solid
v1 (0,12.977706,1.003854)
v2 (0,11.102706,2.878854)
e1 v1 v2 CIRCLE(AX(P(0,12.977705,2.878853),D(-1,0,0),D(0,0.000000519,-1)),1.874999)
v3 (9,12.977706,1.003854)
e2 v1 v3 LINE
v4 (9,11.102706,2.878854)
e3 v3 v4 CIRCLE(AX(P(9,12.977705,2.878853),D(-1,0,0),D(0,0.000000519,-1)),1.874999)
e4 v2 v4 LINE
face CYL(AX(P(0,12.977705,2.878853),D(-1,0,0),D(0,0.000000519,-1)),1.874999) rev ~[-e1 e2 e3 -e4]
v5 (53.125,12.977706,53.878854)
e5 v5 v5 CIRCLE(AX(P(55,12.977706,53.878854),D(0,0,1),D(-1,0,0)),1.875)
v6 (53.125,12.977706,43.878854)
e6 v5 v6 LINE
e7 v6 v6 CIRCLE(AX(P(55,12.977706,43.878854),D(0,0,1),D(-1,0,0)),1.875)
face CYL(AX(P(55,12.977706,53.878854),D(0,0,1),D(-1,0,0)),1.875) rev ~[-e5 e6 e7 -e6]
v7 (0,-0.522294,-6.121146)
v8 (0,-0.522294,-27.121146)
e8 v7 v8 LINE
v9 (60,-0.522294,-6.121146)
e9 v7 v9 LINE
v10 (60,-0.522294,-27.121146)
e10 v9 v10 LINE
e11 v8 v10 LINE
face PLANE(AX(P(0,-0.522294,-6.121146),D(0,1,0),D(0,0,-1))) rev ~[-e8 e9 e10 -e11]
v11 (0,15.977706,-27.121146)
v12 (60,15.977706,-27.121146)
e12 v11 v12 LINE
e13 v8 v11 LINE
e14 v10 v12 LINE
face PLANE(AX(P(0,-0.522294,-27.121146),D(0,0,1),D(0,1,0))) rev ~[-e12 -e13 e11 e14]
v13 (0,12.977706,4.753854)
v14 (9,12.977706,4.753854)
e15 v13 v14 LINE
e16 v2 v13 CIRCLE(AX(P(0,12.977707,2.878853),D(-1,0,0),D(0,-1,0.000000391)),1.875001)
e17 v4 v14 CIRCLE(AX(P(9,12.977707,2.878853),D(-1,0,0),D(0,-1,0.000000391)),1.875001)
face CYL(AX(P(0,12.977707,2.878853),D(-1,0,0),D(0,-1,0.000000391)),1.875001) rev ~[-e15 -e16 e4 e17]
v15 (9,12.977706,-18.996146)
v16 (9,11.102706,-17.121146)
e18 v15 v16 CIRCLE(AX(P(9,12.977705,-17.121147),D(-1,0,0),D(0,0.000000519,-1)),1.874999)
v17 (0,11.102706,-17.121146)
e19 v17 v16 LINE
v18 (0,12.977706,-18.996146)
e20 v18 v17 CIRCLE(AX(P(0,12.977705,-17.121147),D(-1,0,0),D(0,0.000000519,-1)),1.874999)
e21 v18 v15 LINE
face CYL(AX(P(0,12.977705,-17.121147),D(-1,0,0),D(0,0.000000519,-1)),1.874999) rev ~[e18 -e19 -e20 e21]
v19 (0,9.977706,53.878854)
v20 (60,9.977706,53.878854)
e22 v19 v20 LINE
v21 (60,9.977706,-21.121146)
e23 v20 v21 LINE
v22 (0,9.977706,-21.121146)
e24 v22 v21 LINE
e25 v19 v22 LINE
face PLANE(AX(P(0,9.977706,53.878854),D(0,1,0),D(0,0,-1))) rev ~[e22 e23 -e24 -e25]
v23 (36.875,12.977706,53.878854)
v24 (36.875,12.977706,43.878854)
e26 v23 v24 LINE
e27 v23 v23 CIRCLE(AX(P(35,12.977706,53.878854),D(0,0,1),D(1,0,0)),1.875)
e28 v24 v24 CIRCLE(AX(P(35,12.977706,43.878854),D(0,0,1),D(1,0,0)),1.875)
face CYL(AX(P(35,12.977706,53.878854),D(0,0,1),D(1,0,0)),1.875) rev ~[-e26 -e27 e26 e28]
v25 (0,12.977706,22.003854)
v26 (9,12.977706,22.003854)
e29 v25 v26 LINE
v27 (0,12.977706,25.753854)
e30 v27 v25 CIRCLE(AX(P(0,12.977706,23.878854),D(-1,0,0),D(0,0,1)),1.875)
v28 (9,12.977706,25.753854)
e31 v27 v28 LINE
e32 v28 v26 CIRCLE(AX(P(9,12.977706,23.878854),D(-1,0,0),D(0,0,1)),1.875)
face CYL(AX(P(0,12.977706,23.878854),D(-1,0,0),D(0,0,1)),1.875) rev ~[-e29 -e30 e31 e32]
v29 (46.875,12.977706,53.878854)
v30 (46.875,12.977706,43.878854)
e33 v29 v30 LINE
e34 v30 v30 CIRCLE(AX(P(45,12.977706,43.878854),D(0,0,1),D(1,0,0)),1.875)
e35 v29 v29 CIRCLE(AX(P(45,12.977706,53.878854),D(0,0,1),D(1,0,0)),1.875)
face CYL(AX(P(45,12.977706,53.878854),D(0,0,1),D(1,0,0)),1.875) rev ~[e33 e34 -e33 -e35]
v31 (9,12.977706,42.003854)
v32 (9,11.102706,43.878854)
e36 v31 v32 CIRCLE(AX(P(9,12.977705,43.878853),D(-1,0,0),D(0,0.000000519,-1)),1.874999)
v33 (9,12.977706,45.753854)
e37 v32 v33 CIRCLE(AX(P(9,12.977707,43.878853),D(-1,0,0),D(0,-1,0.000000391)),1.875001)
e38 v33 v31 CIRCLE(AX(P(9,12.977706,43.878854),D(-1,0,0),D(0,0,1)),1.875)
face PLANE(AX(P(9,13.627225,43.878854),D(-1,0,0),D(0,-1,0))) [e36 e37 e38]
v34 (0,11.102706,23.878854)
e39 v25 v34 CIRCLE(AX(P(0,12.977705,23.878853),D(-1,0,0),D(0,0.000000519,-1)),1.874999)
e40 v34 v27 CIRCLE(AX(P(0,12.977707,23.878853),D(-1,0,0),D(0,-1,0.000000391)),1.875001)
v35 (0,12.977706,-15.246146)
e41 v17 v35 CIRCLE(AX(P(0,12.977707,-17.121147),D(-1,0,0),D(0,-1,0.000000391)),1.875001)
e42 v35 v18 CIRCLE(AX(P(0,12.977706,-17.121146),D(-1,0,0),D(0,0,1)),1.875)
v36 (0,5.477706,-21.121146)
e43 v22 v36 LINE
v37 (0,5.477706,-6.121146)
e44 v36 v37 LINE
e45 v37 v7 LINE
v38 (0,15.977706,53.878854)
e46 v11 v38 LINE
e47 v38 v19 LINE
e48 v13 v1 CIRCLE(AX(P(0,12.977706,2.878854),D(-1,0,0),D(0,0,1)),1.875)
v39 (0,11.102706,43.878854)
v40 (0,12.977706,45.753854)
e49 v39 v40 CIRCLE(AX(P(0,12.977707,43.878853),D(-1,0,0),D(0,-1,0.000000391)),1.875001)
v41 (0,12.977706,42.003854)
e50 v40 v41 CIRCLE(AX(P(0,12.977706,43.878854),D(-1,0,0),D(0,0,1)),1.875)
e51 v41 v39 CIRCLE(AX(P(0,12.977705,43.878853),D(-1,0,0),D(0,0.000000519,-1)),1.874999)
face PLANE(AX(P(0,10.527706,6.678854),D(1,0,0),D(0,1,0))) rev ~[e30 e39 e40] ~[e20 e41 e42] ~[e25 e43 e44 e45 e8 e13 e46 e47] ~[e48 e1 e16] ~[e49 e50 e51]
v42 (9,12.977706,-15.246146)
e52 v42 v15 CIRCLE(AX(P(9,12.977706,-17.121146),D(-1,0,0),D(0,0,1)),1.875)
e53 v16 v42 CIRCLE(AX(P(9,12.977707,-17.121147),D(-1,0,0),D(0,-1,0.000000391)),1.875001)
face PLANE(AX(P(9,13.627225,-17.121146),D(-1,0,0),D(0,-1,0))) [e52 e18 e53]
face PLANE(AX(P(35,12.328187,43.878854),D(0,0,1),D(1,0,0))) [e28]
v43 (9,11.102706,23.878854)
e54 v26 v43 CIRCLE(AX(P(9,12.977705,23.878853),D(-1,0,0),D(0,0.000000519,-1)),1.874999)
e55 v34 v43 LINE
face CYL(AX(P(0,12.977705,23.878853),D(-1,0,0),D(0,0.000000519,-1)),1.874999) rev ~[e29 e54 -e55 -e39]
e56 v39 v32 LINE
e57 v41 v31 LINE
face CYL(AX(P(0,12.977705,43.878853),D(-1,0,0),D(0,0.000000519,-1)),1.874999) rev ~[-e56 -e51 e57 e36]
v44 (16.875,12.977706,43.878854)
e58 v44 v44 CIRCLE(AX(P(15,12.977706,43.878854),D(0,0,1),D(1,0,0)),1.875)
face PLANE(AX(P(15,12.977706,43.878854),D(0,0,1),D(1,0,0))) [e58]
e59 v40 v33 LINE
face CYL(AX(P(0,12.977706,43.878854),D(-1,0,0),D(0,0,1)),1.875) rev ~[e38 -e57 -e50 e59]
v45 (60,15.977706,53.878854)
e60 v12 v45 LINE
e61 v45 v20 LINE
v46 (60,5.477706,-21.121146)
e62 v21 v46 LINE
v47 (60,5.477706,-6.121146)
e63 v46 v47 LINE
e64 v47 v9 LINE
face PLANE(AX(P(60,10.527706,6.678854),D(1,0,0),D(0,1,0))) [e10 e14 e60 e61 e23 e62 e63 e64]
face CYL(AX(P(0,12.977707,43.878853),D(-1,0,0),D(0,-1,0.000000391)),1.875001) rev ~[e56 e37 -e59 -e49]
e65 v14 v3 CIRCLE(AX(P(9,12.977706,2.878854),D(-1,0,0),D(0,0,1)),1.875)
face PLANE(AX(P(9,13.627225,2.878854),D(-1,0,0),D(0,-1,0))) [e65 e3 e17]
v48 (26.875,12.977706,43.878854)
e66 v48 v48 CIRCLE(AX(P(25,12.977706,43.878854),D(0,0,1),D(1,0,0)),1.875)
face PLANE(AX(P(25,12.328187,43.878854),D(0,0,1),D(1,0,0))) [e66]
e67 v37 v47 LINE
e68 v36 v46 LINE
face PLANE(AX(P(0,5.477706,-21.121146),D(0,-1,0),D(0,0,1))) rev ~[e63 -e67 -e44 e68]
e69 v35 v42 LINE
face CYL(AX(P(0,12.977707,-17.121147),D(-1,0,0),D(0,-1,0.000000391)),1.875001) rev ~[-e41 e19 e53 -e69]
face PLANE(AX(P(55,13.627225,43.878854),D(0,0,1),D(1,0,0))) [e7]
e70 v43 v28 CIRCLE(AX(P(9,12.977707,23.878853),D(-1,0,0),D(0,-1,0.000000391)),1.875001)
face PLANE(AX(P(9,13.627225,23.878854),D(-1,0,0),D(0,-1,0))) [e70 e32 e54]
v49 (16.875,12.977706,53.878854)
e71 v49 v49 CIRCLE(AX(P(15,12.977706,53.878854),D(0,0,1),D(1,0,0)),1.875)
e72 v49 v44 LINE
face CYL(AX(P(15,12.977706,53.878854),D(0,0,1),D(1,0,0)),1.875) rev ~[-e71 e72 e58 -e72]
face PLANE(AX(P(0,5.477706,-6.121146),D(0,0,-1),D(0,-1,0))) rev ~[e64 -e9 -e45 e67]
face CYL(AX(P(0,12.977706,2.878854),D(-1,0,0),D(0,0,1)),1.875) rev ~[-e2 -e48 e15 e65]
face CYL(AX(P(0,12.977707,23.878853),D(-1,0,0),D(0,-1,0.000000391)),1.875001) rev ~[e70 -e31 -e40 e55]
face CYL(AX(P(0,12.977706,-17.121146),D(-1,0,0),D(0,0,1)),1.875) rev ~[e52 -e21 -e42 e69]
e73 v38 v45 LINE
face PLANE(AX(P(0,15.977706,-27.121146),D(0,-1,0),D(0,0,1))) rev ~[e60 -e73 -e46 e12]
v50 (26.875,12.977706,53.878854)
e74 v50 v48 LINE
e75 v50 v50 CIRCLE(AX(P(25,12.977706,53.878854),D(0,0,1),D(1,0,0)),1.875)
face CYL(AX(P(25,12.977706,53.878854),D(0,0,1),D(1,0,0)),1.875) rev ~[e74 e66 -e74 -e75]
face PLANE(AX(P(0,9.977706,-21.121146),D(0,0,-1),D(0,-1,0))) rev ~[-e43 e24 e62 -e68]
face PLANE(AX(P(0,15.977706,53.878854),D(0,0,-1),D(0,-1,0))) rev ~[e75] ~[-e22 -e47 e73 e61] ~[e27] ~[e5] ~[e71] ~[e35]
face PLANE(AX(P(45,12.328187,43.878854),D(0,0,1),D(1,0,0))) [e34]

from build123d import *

# Parameters (mm, degrees)
F1_DEPTH = 60
F3_DEPTH = 9
F4_R     = 1.875
F5_DEPTH = 10


with BuildPart() as f1:
    # F0 (on Right) → F1 (new body)
    with BuildSketch(Plane.YZ):
        Polygon((-0.522294, -6.121146), (-0.522294, -27.121146), (15.977706, -27.121146), (15.977706, 53.878854), (9.977706, 53.878854), (9.977706, -21.121146), (5.477706, -21.121146), (5.477706, -6.121146), align=None)
    extrude(amount=F1_DEPTH)

    # F2 (on face) → F3 (cut)
    with BuildSketch(Plane(origin=(0, 0, 0), x_dir=(0, -1, 0), z_dir=(-1, 0, 0))):
        with BuildLine():
            Line((-12.977706, 43.878854), (-12.977706, 45.753854))
            ThreePointArc((-12.977706, 45.753854), (-14.852706, 43.878854), (-12.977706, 42.003854))
            Line((-12.977706, 42.003854), (-12.977706, 43.878854))
        make_face()
        with BuildLine():
            ThreePointArc((-12.977706, 42.003854), (-11.651881, 42.553028), (-11.102706, 43.878854))
            ThreePointArc((-11.102706, 43.878854), (-11.651881, 45.204679), (-12.977706, 45.753854))
            Line((-12.977706, 45.753854), (-12.977706, 43.878854))
            Line((-12.977706, 43.878854), (-12.977706, 42.003854))
        make_face()
        with BuildLine():
            Line((-12.977706, 23.878854), (-12.977706, 25.753854))
            ThreePointArc((-12.977706, 25.753854), (-14.852706, 23.878854), (-12.977706, 22.003854))
            Line((-12.977706, 22.003854), (-12.977706, 23.878854))
        make_face()
        with BuildLine():
            ThreePointArc((-11.102706, 23.878854), (-11.651881, 25.204679), (-12.977706, 25.753854))
            Line((-12.977706, 25.753854), (-12.977706, 23.878854))
            Line((-12.977706, 23.878854), (-12.977706, 22.003854))
            ThreePointArc((-12.977706, 22.003854), (-11.651881, 22.553028), (-11.102706, 23.878854))
        make_face()
        with BuildLine():
            Line((-12.977706, 2.878854), (-12.977706, 4.753854))
            ThreePointArc((-12.977706, 4.753854), (-14.852706, 2.878854), (-12.977706, 1.003854))
            Line((-12.977706, 1.003854), (-12.977706, 2.878854))
        make_face()
        with BuildLine():
            ThreePointArc((-11.102706, 2.878854), (-11.651881, 4.204679), (-12.977706, 4.753854))
            Line((-12.977706, 4.753854), (-12.977706, 2.878854))
            Line((-12.977706, 2.878854), (-12.977706, 1.003854))
            ThreePointArc((-12.977706, 1.003854), (-11.651881, 1.553028), (-11.102706, 2.878854))
        make_face()
        with BuildLine():
            Line((-12.977706, -17.121146), (-12.977706, -15.246146))
            ThreePointArc((-12.977706, -15.246146), (-14.852706, -17.121146), (-12.977706, -18.996146))
            Line((-12.977706, -18.996146), (-12.977706, -17.121146))
        make_face()
        with BuildLine():
            ThreePointArc((-11.102706, -17.121146), (-11.651881, -15.795321), (-12.977706, -15.246146))
            Line((-12.977706, -15.246146), (-12.977706, -17.121146))
            Line((-12.977706, -17.121146), (-12.977706, -18.996146))
            ThreePointArc((-12.977706, -18.996146), (-11.651881, -18.446972), (-11.102706, -17.121146))
        make_face()
    extrude(amount=-F3_DEPTH, mode=Mode.SUBTRACT)

    # F4 (on face) → F5 (cut)
    with BuildSketch(Plane.XY.offset(53.878854)):
        with BuildLine():
            ThreePointArc((43.125, 12.977706), (45, 11.102706), (46.875, 12.977706))
            Line((46.875, 12.977706), (45, 12.977706))
            Line((45, 12.977706), (43.125, 12.977706))
        make_face()
        with BuildLine():
            ThreePointArc((56.875, 12.977706), (55, 14.852706), (53.125, 12.977706))
            Line((53.125, 12.977706), (55, 12.977706))
            Line((55, 12.977706), (56.875, 12.977706))
        make_face()
        with BuildLine():
            Line((55, 12.977706), (53.125, 12.977706))
            ThreePointArc((53.125, 12.977706), (55, 11.102706), (56.875, 12.977706))
            Line((56.875, 12.977706), (55, 12.977706))
        make_face()
        with BuildLine():
            Line((45, 12.977706), (46.875, 12.977706))
            ThreePointArc((46.875, 12.977706), (45, 14.852706), (43.125, 12.977706))
            Line((43.125, 12.977706), (45, 12.977706))
        make_face()
        with Locations((15, 12.977706)):
            Circle(F4_R)
        with BuildLine():
            ThreePointArc((23.125, 12.977706), (25, 11.102706), (26.875, 12.977706))
            Line((26.875, 12.977706), (25, 12.977706))
            Line((25, 12.977706), (23.125, 12.977706))
        make_face()
        with BuildLine():
            Line((25, 12.977706), (26.875, 12.977706))
            ThreePointArc((26.875, 12.977706), (25, 14.852706), (23.125, 12.977706))
            Line((23.125, 12.977706), (25, 12.977706))
        make_face()
        with BuildLine():
            ThreePointArc((33.125, 12.977706), (35, 11.102706), (36.875, 12.977706))
            Line((36.875, 12.977706), (35, 12.977706))
            Line((35, 12.977706), (33.125, 12.977706))
        make_face()
        with BuildLine():
            Line((35, 12.977706), (36.875, 12.977706))
            ThreePointArc((36.875, 12.977706), (35, 14.852706), (33.125, 12.977706))
            Line((33.125, 12.977706), (35, 12.977706))
        make_face()
    extrude(amount=-F5_DEPTH, mode=Mode.SUBTRACT)


solid = f1.part
